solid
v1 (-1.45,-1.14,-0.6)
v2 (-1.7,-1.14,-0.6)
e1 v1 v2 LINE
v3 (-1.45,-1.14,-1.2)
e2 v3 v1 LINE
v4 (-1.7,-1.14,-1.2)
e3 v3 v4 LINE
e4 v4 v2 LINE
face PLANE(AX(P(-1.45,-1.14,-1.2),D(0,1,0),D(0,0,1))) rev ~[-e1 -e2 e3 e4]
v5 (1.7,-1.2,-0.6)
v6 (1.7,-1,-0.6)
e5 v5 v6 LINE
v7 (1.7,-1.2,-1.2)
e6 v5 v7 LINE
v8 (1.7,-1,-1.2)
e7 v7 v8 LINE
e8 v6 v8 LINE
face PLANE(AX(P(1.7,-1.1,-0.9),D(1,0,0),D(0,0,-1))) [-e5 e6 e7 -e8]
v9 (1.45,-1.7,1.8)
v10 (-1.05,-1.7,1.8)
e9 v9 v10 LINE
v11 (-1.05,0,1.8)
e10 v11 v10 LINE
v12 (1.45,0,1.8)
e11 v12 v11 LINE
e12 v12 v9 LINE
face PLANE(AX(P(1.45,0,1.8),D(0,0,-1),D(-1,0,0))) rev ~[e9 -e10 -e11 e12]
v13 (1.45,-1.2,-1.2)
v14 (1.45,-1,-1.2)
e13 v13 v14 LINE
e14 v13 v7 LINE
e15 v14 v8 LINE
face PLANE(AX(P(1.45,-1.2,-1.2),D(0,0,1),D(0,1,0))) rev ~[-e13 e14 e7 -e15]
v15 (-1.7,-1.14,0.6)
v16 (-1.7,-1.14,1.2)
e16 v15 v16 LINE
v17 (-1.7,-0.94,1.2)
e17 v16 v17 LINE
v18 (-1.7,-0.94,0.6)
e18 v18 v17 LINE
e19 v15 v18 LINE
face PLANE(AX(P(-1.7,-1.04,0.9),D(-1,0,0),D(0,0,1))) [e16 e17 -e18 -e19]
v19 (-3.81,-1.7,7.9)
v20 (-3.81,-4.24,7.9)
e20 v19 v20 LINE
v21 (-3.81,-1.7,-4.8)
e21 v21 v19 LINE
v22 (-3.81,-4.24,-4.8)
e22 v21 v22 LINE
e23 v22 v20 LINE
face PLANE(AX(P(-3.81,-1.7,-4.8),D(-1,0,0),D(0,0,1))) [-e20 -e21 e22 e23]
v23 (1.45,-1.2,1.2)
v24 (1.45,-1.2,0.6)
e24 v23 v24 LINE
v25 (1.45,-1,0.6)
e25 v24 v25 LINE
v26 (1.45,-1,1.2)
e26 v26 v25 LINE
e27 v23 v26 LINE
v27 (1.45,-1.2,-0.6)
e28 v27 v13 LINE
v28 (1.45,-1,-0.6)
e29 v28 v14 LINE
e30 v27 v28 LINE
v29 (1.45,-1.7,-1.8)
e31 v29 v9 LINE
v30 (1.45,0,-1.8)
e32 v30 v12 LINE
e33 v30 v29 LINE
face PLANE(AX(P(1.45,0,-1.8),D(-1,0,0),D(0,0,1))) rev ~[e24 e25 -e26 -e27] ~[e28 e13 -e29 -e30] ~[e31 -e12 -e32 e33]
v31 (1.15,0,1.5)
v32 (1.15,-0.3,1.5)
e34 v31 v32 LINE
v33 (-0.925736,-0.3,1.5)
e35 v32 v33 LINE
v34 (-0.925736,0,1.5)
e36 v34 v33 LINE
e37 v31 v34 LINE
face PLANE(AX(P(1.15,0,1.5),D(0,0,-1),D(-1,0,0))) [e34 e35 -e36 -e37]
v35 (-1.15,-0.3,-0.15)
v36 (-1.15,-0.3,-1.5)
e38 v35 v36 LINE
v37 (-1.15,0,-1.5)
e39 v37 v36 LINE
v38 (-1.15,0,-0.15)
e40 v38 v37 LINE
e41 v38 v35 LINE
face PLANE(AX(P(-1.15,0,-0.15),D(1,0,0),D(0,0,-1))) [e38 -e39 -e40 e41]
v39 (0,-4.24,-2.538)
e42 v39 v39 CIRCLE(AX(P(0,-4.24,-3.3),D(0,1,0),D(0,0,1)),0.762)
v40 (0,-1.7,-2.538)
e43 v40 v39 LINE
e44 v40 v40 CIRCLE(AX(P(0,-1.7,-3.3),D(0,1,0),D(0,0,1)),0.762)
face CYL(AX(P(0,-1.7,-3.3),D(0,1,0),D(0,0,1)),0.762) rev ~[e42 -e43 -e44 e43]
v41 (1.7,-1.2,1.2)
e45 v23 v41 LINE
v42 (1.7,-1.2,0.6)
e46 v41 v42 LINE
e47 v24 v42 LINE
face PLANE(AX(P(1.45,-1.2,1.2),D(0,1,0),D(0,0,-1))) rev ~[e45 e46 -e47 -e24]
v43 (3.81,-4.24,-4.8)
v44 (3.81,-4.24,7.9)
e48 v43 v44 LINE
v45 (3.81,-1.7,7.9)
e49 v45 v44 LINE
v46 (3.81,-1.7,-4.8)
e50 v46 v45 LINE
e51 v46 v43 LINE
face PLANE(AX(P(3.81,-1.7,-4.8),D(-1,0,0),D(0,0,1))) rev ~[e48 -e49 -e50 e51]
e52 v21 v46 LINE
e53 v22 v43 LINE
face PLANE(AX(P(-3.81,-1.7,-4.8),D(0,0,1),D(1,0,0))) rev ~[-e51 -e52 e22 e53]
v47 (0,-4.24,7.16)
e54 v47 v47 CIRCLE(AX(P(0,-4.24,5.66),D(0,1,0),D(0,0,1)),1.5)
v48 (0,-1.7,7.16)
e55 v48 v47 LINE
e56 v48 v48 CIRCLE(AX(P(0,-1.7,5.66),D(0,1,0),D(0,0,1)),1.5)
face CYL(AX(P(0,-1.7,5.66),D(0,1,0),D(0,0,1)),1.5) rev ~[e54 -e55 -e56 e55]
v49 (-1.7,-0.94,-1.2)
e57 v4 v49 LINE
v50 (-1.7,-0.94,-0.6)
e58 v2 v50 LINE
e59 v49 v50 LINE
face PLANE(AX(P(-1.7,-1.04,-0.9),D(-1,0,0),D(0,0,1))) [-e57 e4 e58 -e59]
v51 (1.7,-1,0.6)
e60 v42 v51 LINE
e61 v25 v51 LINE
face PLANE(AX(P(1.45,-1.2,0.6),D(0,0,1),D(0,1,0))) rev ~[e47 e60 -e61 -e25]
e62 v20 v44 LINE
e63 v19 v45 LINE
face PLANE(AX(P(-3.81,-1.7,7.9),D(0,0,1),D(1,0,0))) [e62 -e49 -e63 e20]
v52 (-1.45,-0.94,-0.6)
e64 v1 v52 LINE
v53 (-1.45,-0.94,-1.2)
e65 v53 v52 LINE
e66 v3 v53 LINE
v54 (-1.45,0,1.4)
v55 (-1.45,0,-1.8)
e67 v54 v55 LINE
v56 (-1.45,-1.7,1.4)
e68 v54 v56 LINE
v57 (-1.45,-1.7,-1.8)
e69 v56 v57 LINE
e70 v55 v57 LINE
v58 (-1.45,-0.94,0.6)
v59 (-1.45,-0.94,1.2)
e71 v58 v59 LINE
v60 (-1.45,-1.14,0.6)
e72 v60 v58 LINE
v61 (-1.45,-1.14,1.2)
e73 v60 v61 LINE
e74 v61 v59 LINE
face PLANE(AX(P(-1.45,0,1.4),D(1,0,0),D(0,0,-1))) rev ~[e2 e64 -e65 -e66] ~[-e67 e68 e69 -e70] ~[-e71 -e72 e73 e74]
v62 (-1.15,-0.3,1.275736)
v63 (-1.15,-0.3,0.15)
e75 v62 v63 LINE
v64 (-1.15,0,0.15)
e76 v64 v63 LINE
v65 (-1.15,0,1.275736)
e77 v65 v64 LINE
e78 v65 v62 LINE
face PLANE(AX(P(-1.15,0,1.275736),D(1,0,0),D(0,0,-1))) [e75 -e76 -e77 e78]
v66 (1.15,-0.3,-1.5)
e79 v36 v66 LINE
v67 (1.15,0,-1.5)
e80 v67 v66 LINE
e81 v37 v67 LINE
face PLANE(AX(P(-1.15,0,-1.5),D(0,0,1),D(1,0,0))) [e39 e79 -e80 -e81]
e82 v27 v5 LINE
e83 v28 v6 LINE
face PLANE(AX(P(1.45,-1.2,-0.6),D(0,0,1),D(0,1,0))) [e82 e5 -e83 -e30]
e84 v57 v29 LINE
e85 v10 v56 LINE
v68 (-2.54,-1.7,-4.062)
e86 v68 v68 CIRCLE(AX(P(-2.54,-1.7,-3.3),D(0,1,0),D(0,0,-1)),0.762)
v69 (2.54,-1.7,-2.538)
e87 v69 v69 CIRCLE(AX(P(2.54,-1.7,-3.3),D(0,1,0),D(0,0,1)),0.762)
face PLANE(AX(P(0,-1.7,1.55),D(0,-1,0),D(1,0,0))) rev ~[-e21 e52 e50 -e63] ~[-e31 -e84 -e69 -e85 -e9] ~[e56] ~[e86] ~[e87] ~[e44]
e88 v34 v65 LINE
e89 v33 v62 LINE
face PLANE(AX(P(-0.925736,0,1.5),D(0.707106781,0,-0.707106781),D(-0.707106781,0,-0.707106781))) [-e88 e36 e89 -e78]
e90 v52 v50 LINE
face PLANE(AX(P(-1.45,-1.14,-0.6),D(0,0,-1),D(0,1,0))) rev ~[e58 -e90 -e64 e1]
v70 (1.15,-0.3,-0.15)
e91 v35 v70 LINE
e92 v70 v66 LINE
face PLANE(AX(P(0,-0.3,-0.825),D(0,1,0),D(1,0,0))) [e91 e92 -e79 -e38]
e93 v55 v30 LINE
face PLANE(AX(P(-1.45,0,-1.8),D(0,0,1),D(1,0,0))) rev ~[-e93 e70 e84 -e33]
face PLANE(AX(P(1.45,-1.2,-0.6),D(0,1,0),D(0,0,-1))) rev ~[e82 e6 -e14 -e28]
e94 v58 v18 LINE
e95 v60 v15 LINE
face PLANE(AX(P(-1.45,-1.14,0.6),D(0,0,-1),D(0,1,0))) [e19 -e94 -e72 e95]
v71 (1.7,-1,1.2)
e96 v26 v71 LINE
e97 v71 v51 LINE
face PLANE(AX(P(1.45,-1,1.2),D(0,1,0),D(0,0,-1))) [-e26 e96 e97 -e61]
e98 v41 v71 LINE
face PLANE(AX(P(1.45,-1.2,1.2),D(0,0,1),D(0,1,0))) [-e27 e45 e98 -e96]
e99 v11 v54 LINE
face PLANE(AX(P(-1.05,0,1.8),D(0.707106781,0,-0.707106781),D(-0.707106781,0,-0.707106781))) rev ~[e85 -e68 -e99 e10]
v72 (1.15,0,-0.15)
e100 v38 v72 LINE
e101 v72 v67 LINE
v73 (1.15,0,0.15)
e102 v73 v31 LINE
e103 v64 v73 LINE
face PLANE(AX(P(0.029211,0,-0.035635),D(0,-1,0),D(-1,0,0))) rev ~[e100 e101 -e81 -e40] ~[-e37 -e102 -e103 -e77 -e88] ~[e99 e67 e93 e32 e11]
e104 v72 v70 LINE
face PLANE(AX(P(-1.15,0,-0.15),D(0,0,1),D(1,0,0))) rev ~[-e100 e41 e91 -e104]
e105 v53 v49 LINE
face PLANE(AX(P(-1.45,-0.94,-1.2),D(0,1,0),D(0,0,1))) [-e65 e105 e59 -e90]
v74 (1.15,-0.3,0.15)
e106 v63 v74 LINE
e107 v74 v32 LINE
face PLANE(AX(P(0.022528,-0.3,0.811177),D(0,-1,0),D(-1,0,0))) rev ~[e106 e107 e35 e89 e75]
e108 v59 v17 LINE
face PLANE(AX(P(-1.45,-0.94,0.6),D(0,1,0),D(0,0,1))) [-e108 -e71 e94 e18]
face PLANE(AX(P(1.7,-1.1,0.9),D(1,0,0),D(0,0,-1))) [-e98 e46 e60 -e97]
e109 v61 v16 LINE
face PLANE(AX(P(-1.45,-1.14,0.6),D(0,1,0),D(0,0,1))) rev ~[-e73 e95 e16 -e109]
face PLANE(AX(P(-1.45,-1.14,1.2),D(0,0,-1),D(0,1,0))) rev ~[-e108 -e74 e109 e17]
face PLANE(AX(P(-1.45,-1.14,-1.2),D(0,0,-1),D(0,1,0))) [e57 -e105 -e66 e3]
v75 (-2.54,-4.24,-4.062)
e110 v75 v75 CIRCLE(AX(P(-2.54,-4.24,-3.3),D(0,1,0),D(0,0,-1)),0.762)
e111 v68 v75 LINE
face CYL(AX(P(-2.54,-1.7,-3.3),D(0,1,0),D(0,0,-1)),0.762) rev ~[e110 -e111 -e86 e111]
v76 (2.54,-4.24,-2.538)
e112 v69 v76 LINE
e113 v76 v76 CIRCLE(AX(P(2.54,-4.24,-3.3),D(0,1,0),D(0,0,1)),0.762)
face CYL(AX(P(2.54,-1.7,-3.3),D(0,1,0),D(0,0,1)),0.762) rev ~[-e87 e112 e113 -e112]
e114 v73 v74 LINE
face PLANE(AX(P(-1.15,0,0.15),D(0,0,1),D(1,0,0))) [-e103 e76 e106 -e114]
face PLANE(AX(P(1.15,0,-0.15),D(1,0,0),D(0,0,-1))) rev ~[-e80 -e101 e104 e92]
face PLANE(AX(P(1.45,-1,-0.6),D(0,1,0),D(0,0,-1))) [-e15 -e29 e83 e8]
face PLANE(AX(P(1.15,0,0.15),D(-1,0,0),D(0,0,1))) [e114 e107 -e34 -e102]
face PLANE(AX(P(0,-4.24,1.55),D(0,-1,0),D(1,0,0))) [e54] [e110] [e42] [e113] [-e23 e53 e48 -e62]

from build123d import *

# Parameters (mm, degrees)
BOSS_EXTRUDE1_DEPTH = 1.7
SKETCH2_W           = 2.3
SKETCH2_H           = 1.35
CUT_EXTRUDE1_DEPTH  = 0.3
SKETCH3_W           = 0.6
SKETCH3_H           = 0.2
BOSS_EXTRUDE2_DEPTH = 0.25
SKETCH8_W           = 0.6
SKETCH8_H           = 0.2
BOSS_EXTRUDE3_DEPTH = 0.25
SKETCH9_W           = 7.62
SKETCH9_H           = 12.7
BOSS_EXTRUDE4_DEPTH = 2.54
CUT_EXTRUDE2_REACH  = 11.131
SKETCH10_R          = 0.762
SKETCH10_R_2        = 1.5


with BuildPart() as part:
    # Sketch1 → Boss-Extrude1 (new body)
    with BuildSketch(Plane(origin=(0, 0, 0), x_dir=(1, 0, 0), z_dir=(0, 1, 0))):
        Polygon((-1.45, 1.8), (1.45, 1.8), (1.45, -1.8), (-1.05, -1.8), (-1.45, -1.4), align=None)
    extrude(amount=-BOSS_EXTRUDE1_DEPTH)

    # Sketch2 → Cut-Extrude1 (cut)
    with BuildSketch(Plane(origin=(0, 0, 0), x_dir=(1, 0, 0), z_dir=(0, 1, 0))):
        with Locations((0, 0.825)):
            Rectangle(SKETCH2_W, SKETCH2_H)
        Polygon((-1.15, -0.15), (1.15, -0.15), (1.15, -1.5), (-0.925735931, -1.5), (-1.15, -1.275735931), align=None)
    extrude(amount=-CUT_EXTRUDE1_DEPTH, mode=Mode.SUBTRACT)

    # Sketch3 → Boss-Extrude2 (add)
    with BuildSketch(Plane.ZY.offset(1.45)):
        with Locations((-0.9, -1.04)):
            Rectangle(SKETCH3_W, SKETCH3_H)
        with Locations((0.9, -1.04)):
            Rectangle(SKETCH3_W, SKETCH3_H)
    extrude(amount=BOSS_EXTRUDE2_DEPTH)

    # Sketch8 → Boss-Extrude3 (add)
    with BuildSketch(Plane(origin=(1.45, 0, 0), x_dir=(0, 0, -1), z_dir=(1, 0, 0))):
        with Locations((-0.9, -1.1)):
            Rectangle(SKETCH8_W, SKETCH8_H)
        with Locations((0.9, -1.1)):
            Rectangle(SKETCH8_W, SKETCH8_H)
    extrude(amount=BOSS_EXTRUDE3_DEPTH)

    # Sketch9 → Boss-Extrude4 (add)
    with BuildSketch(Plane.XZ.offset(1.7)):
        with Locations((0, 1.55)):
            Rectangle(SKETCH9_W, SKETCH9_H)
    extrude(amount=BOSS_EXTRUDE4_DEPTH)

    # Sketch10 → Cut-Extrude2 (cut, up to next)
    with BuildSketch(Plane(origin=(0, -1.7, 0), x_dir=(1, 0, 0), z_dir=(0, 1, 0)), mode=Mode.PRIVATE) as cut_extrude2_sk1:
        with Locations(Location((0, 3.3, 0), (0, 0, 270))):
            Circle(SKETCH10_R)
    cut_extrude2_tool1 = extrude(cut_extrude2_sk1.sketch, amount=-CUT_EXTRUDE2_REACH, mode=Mode.PRIVATE) & part.part
    # Sketch10 → Cut-Extrude2 (cut, up to next)
    with BuildSketch(Plane(origin=(0, -1.7, 0), x_dir=(1, 0, 0), z_dir=(0, 1, 0)), mode=Mode.PRIVATE) as cut_extrude2_sk2:
        with Locations(Location((2.54, 3.3, 0), (0, 0, 270))):
            Circle(SKETCH10_R)
    cut_extrude2_tool2 = extrude(cut_extrude2_sk2.sketch, amount=-CUT_EXTRUDE2_REACH, mode=Mode.PRIVATE) & part.part
    # Sketch10 → Cut-Extrude2 (cut, up to next)
    with BuildSketch(Plane(origin=(0, -1.7, 0), x_dir=(1, 0, 0), z_dir=(0, 1, 0)), mode=Mode.PRIVATE) as cut_extrude2_sk3:
        with Locations(Location((-2.54, 3.3, 0), (0, 0, 90))):
            Circle(SKETCH10_R)
    cut_extrude2_tool3 = extrude(cut_extrude2_sk3.sketch, amount=-CUT_EXTRUDE2_REACH, mode=Mode.PRIVATE) & part.part
    # Sketch10 → Cut-Extrude2 (cut, up to next)
    with BuildSketch(Plane(origin=(0, -1.7, 0), x_dir=(1, 0, 0), z_dir=(0, 1, 0)), mode=Mode.PRIVATE) as cut_extrude2_sk4:
        with Locations(Location((0, -5.66, 0), (0, 0, 270))):
            Circle(SKETCH10_R_2)
    cut_extrude2_tool4 = extrude(cut_extrude2_sk4.sketch, amount=-CUT_EXTRUDE2_REACH, mode=Mode.PRIVATE) & part.part
    add(cut_extrude2_tool1.solids().sort_by_distance((0, -1.7, -3.3))[0], mode=Mode.SUBTRACT)
    add(cut_extrude2_tool2.solids().sort_by_distance((2.54, -1.7, -3.3))[0], mode=Mode.SUBTRACT)
    add(cut_extrude2_tool3.solids().sort_by_distance((-2.54, -1.7, -3.3))[0], mode=Mode.SUBTRACT)
    add(cut_extrude2_tool4.solids().sort_by_distance((0, -1.7, 5.66))[0], mode=Mode.SUBTRACT)


solid = part.part
